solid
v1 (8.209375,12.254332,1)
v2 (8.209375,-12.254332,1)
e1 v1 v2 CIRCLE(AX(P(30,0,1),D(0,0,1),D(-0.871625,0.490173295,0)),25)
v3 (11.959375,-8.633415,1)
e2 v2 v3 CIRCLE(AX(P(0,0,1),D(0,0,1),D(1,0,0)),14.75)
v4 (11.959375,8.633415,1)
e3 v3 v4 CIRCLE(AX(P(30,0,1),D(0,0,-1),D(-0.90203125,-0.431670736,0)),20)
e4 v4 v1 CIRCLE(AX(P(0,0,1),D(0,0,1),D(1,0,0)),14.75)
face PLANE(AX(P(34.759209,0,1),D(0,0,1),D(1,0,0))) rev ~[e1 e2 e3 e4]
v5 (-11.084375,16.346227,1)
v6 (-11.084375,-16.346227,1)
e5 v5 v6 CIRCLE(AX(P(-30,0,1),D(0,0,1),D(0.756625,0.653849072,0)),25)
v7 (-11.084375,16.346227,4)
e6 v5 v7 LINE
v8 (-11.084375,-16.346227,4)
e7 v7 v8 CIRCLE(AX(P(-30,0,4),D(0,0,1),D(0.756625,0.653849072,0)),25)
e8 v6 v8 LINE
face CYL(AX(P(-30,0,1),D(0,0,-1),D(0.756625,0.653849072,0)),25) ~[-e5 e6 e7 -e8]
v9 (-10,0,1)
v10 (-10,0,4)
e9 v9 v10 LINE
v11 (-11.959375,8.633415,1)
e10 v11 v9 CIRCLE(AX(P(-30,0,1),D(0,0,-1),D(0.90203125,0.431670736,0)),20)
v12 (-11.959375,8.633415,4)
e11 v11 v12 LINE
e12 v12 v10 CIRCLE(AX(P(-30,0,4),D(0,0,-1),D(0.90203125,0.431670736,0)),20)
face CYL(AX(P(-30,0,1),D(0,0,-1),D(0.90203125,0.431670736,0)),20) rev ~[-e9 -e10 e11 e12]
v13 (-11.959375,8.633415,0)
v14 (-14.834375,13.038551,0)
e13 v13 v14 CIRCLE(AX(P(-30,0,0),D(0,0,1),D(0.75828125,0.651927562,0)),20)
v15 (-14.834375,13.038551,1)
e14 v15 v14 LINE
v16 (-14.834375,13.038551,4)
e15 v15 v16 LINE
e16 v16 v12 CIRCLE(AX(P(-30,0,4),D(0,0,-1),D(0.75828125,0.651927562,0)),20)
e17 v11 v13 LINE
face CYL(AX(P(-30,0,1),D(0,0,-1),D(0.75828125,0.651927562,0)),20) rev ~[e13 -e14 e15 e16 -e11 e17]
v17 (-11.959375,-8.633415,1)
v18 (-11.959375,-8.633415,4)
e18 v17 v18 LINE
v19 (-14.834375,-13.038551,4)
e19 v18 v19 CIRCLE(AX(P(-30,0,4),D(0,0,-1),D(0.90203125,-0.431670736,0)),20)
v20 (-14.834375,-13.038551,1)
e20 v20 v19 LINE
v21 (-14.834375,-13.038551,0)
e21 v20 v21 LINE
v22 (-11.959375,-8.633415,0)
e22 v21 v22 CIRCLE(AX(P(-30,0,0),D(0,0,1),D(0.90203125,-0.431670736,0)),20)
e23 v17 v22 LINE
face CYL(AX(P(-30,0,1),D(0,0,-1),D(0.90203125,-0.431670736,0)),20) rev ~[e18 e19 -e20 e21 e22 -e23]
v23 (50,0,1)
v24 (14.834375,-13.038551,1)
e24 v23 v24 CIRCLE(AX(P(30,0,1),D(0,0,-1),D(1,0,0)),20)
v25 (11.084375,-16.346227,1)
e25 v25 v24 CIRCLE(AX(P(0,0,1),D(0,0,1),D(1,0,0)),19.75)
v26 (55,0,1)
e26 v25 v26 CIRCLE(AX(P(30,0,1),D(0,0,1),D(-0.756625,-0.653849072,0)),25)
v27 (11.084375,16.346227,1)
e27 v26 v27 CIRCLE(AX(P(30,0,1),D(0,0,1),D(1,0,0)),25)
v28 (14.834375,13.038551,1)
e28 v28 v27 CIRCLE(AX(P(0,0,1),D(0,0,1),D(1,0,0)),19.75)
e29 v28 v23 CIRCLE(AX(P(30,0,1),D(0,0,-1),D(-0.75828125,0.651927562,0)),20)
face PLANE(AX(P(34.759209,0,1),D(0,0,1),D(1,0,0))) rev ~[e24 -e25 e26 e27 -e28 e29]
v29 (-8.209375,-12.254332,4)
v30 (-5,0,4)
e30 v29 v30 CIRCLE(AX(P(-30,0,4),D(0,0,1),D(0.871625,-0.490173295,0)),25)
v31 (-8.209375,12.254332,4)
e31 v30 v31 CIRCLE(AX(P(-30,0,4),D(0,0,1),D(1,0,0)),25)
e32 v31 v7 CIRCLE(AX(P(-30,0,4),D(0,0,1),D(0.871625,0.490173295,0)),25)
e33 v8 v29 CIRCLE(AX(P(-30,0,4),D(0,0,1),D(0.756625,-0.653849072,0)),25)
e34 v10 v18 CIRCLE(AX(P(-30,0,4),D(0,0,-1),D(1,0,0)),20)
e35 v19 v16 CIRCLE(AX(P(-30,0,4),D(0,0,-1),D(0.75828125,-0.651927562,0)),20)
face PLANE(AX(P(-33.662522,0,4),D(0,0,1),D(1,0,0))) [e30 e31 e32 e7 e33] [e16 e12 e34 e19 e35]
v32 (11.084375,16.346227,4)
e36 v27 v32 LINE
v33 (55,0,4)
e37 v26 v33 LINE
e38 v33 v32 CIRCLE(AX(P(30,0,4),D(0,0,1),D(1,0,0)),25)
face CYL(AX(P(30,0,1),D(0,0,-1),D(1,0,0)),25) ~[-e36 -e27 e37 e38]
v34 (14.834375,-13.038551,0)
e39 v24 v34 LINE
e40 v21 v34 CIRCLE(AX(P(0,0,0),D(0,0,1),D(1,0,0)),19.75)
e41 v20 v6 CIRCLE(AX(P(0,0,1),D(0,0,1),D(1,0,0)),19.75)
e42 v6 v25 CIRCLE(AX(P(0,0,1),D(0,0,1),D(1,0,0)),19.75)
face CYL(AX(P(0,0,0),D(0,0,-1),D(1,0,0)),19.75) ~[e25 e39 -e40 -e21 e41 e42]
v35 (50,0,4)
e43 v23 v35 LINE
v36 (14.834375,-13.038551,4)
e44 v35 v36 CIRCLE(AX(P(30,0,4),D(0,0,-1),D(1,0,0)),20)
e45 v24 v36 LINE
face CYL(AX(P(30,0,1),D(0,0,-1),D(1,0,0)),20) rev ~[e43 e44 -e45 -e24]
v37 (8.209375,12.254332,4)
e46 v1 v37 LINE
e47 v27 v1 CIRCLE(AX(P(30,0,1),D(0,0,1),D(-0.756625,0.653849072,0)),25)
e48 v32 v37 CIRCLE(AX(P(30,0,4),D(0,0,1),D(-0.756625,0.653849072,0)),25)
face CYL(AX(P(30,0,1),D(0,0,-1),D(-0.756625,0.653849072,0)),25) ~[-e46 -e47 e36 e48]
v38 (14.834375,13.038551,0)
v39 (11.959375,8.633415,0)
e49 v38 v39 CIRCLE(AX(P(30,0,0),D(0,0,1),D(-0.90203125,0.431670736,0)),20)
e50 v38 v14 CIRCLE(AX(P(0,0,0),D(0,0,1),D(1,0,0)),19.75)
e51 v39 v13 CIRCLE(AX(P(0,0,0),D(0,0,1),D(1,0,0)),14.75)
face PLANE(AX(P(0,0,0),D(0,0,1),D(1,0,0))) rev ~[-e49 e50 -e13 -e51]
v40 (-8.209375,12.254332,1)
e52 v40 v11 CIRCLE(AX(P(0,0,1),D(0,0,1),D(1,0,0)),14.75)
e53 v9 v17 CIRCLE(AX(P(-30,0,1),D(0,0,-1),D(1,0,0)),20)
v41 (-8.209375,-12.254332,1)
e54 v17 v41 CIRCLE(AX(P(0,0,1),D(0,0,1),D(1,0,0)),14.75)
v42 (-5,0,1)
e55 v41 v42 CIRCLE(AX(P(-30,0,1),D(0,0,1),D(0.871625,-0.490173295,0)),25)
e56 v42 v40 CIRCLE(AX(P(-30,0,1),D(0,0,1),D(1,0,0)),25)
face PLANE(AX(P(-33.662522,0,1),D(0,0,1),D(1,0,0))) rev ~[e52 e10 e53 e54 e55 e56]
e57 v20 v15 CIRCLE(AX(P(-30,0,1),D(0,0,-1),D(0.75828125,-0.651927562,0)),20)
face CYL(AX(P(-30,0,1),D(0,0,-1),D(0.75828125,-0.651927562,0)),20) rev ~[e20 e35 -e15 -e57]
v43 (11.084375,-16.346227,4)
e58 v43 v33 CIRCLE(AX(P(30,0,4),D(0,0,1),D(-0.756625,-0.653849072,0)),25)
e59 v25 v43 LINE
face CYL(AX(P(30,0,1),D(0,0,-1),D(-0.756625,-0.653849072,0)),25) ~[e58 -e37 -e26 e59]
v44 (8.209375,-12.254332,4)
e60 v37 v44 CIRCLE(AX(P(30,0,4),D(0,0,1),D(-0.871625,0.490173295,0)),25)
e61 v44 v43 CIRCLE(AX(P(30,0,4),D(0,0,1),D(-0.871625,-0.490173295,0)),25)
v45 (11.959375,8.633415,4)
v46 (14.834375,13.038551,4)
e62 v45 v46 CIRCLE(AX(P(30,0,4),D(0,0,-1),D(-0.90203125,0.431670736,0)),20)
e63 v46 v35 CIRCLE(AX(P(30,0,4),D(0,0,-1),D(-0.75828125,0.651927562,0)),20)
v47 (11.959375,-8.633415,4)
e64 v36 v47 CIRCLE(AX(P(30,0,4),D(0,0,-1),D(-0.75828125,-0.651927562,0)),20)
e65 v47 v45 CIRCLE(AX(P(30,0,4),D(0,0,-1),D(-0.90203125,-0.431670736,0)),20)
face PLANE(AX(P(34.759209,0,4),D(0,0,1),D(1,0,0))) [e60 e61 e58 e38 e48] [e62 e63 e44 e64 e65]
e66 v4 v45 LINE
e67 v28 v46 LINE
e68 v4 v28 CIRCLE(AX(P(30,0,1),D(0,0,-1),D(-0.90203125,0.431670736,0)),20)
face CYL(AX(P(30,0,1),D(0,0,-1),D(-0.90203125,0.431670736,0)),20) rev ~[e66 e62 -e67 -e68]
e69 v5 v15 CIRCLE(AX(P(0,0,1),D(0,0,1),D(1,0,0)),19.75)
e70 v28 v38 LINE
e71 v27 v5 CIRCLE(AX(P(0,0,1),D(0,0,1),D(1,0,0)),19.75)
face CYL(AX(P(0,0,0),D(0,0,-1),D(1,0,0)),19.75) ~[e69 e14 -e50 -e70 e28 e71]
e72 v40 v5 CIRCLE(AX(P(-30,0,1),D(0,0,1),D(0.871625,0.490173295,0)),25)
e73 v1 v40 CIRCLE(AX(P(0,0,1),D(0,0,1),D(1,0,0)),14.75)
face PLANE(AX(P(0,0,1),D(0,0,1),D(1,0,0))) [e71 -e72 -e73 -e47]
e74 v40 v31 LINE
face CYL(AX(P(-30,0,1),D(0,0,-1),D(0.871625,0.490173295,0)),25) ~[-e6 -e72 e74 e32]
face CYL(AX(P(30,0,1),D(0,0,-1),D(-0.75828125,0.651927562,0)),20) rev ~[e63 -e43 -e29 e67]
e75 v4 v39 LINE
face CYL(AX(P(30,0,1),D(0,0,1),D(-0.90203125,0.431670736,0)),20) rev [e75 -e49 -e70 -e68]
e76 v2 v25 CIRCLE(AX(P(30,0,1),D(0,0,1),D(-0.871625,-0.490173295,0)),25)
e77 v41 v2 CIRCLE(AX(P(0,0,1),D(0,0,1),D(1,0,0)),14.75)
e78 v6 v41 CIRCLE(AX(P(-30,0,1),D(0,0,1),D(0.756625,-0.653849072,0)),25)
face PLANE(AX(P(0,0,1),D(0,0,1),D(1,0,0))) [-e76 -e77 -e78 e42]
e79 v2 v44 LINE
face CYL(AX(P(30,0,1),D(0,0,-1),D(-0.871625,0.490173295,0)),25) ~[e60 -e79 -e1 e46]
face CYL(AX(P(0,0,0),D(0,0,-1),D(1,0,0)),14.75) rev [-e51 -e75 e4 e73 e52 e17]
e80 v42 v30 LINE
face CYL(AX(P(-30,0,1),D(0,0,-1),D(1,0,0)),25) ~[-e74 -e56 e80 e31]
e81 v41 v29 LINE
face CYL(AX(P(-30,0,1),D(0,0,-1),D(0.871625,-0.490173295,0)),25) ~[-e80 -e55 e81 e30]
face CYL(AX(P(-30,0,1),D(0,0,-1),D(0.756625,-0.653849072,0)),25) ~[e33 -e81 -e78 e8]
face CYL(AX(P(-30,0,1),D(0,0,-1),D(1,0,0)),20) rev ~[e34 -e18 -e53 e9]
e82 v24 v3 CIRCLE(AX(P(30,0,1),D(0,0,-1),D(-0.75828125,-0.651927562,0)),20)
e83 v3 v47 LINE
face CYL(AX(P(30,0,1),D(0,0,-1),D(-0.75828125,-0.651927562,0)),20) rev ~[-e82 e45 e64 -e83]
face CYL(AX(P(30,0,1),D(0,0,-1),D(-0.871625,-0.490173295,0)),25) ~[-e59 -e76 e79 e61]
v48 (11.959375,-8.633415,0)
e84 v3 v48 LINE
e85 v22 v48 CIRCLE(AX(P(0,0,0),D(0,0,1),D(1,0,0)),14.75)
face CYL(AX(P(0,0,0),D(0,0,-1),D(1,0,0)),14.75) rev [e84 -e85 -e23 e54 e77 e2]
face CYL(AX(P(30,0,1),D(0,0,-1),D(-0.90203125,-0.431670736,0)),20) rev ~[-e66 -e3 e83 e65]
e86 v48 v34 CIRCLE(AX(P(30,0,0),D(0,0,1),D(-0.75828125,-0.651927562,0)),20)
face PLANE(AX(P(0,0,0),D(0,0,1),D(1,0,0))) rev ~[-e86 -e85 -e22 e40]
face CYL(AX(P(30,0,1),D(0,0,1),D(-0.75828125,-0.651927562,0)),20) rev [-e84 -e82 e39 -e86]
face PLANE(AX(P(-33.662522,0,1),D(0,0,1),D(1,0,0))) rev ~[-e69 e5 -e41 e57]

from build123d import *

# Parameters (mm, degrees)
F0_R     = 19.75
F0_R_2   = 14.75
F1_DEPTH = 1
F3_DEPTH = 3
F4_DEPTH = 25


with BuildPart() as f1:
    # F0 (on Top) → F1 (new body)
    with BuildSketch(Plane.XY):
        Circle(F0_R)
        Circle(F0_R_2, mode=Mode.SUBTRACT)
    extrude(amount=F1_DEPTH)

    # F2 (on face) → F3 (join)
    with BuildSketch(Plane.XY.offset(1)):
        with BuildLine():
            ThreePointArc((-14.834375, -13.038551237), (-50, 0), (-14.834375, 13.038551237))
            ThreePointArc((-14.834375, 13.038551237), (-13.0644777856, 14.8115468533), (-11.084375, 16.346226808))
            ThreePointArc((-11.084375, 16.346226808), (-55, 0), (-11.084375, -16.346226808))
            ThreePointArc((-11.084375, -16.346226808), (-13.0644777856, -14.8115468533), (-14.834375, -13.038551237))
        make_face()
        with BuildLine():
            ThreePointArc((-11.959375, 8.6334147132), (-10.4959940012, 4.4264828024), (-10, 0))
            ThreePointArc((-10, 0), (-10.4959940012, -4.4264828024), (-11.959375, -8.6334147132))
            ThreePointArc((-11.959375, -8.6334147132), (-10.2456029754, -10.6108491493), (-8.209375, -12.2543323812))
            ThreePointArc((-8.209375, -12.2543323812), (-5.8156494298, -6.3338130301), (-5, 0))
            ThreePointArc((-5, 0), (-5.8156494298, 6.3338130301), (-8.209375, 12.2543323812))
            ThreePointArc((-8.209375, 12.2543323812), (-10.2456029754, 10.6108491493), (-11.959375, 8.6334147132))
        make_face()
        with BuildLine():
            ThreePointArc((-14.834375, 13.038551237), (-13.2514159788, 10.9309163974), (-11.959375, 8.6334147132))
            ThreePointArc((-11.959375, 8.6334147132), (-10.2456029754, 10.6108491493), (-8.209375, 12.2543323812))
            ThreePointArc((-8.209375, 12.2543323812), (-9.5443015943, 14.3723485462), (-11.084375, 16.346226808))
            ThreePointArc((-11.084375, 16.346226808), (-13.0644777856, 14.8115468533), (-14.834375, 13.038551237))
        make_face()
        with BuildLine():
            ThreePointArc((-8.209375, -12.2543323812), (-10.2456029754, -10.6108491493), (-11.959375, -8.6334147132))
            ThreePointArc((-11.959375, -8.6334147132), (-13.2514159788, -10.9309163974), (-14.834375, -13.038551237))
            ThreePointArc((-14.834375, -13.038551237), (-13.0644777856, -14.8115468533), (-11.084375, -16.346226808))
            ThreePointArc((-11.084375, -16.346226808), (-9.5443015943, -14.3723485462), (-8.209375, -12.2543323812))
        make_face()
        with BuildLine():
            ThreePointArc((55, 0), (38.7209338663, 23.4295819958), (11.084375, 16.346226808))
            ThreePointArc((11.084375, 16.346226808), (13.0644777856, 14.8115468533), (14.834375, 13.038551237))
            ThreePointArc((14.834375, 13.038551237), (36.9529669926, 18.7524998334), (50, 0))
            ThreePointArc((50, 0), (36.9529669926, -18.7524998334), (14.834375, -13.038551237))
            ThreePointArc((14.834375, -13.038551237), (13.0644777856, -14.8115468533), (11.084375, -16.346226808))
            ThreePointArc((11.084375, -16.346226808), (38.7209338663, -23.4295819958), (55, 0))
        make_face()
        with BuildLine():
            ThreePointArc((11.959375, -8.6334147132), (10.2456029754, -10.6108491493), (8.209375, -12.2543323812))
            ThreePointArc((8.209375, -12.2543323812), (9.5443015943, -14.3723485462), (11.084375, -16.346226808))
            ThreePointArc((11.084375, -16.346226808), (13.0644777856, -14.8115468533), (14.834375, -13.038551237))
            ThreePointArc((14.834375, -13.038551237), (13.2514159788, -10.9309163974), (11.959375, -8.6334147132))
        make_face()
        with BuildLine():
            ThreePointArc((11.959375, 8.6334147132), (10.2456029754, 10.6108491493), (8.209375, 12.2543323812))
            ThreePointArc((8.209375, 12.2543323812), (5, 0), (8.209375, -12.2543323812))
            ThreePointArc((8.209375, -12.2543323812), (10.2456029754, -10.6108491493), (11.959375, -8.6334147132))
            ThreePointArc((11.959375, -8.6334147132), (10, 0), (11.959375, 8.6334147132))
        make_face()
        with BuildLine():
            ThreePointArc((11.084375, 16.346226808), (9.5443015943, 14.3723485462), (8.209375, 12.2543323812))
            ThreePointArc((8.209375, 12.2543323812), (10.2456029754, 10.6108491493), (11.959375, 8.6334147132))
            ThreePointArc((11.959375, 8.6334147132), (13.2514159788, 10.9309163974), (14.834375, 13.038551237))
            ThreePointArc((14.834375, 13.038551237), (13.0644777856, 14.8115468533), (11.084375, 16.346226808))
        make_face()
    extrude(amount=F3_DEPTH)

    # F4 (cut): faces of the model
    f4_faces = [f1.faces().sort_by_distance(p)[0] for p in [
        (16.0717214062, 0, 1),
        (-16.0717214062, 0, 1),
    ]]
    extrude(f4_faces, amount=-F4_DEPTH, mode=Mode.SUBTRACT)


solid = f1.part
